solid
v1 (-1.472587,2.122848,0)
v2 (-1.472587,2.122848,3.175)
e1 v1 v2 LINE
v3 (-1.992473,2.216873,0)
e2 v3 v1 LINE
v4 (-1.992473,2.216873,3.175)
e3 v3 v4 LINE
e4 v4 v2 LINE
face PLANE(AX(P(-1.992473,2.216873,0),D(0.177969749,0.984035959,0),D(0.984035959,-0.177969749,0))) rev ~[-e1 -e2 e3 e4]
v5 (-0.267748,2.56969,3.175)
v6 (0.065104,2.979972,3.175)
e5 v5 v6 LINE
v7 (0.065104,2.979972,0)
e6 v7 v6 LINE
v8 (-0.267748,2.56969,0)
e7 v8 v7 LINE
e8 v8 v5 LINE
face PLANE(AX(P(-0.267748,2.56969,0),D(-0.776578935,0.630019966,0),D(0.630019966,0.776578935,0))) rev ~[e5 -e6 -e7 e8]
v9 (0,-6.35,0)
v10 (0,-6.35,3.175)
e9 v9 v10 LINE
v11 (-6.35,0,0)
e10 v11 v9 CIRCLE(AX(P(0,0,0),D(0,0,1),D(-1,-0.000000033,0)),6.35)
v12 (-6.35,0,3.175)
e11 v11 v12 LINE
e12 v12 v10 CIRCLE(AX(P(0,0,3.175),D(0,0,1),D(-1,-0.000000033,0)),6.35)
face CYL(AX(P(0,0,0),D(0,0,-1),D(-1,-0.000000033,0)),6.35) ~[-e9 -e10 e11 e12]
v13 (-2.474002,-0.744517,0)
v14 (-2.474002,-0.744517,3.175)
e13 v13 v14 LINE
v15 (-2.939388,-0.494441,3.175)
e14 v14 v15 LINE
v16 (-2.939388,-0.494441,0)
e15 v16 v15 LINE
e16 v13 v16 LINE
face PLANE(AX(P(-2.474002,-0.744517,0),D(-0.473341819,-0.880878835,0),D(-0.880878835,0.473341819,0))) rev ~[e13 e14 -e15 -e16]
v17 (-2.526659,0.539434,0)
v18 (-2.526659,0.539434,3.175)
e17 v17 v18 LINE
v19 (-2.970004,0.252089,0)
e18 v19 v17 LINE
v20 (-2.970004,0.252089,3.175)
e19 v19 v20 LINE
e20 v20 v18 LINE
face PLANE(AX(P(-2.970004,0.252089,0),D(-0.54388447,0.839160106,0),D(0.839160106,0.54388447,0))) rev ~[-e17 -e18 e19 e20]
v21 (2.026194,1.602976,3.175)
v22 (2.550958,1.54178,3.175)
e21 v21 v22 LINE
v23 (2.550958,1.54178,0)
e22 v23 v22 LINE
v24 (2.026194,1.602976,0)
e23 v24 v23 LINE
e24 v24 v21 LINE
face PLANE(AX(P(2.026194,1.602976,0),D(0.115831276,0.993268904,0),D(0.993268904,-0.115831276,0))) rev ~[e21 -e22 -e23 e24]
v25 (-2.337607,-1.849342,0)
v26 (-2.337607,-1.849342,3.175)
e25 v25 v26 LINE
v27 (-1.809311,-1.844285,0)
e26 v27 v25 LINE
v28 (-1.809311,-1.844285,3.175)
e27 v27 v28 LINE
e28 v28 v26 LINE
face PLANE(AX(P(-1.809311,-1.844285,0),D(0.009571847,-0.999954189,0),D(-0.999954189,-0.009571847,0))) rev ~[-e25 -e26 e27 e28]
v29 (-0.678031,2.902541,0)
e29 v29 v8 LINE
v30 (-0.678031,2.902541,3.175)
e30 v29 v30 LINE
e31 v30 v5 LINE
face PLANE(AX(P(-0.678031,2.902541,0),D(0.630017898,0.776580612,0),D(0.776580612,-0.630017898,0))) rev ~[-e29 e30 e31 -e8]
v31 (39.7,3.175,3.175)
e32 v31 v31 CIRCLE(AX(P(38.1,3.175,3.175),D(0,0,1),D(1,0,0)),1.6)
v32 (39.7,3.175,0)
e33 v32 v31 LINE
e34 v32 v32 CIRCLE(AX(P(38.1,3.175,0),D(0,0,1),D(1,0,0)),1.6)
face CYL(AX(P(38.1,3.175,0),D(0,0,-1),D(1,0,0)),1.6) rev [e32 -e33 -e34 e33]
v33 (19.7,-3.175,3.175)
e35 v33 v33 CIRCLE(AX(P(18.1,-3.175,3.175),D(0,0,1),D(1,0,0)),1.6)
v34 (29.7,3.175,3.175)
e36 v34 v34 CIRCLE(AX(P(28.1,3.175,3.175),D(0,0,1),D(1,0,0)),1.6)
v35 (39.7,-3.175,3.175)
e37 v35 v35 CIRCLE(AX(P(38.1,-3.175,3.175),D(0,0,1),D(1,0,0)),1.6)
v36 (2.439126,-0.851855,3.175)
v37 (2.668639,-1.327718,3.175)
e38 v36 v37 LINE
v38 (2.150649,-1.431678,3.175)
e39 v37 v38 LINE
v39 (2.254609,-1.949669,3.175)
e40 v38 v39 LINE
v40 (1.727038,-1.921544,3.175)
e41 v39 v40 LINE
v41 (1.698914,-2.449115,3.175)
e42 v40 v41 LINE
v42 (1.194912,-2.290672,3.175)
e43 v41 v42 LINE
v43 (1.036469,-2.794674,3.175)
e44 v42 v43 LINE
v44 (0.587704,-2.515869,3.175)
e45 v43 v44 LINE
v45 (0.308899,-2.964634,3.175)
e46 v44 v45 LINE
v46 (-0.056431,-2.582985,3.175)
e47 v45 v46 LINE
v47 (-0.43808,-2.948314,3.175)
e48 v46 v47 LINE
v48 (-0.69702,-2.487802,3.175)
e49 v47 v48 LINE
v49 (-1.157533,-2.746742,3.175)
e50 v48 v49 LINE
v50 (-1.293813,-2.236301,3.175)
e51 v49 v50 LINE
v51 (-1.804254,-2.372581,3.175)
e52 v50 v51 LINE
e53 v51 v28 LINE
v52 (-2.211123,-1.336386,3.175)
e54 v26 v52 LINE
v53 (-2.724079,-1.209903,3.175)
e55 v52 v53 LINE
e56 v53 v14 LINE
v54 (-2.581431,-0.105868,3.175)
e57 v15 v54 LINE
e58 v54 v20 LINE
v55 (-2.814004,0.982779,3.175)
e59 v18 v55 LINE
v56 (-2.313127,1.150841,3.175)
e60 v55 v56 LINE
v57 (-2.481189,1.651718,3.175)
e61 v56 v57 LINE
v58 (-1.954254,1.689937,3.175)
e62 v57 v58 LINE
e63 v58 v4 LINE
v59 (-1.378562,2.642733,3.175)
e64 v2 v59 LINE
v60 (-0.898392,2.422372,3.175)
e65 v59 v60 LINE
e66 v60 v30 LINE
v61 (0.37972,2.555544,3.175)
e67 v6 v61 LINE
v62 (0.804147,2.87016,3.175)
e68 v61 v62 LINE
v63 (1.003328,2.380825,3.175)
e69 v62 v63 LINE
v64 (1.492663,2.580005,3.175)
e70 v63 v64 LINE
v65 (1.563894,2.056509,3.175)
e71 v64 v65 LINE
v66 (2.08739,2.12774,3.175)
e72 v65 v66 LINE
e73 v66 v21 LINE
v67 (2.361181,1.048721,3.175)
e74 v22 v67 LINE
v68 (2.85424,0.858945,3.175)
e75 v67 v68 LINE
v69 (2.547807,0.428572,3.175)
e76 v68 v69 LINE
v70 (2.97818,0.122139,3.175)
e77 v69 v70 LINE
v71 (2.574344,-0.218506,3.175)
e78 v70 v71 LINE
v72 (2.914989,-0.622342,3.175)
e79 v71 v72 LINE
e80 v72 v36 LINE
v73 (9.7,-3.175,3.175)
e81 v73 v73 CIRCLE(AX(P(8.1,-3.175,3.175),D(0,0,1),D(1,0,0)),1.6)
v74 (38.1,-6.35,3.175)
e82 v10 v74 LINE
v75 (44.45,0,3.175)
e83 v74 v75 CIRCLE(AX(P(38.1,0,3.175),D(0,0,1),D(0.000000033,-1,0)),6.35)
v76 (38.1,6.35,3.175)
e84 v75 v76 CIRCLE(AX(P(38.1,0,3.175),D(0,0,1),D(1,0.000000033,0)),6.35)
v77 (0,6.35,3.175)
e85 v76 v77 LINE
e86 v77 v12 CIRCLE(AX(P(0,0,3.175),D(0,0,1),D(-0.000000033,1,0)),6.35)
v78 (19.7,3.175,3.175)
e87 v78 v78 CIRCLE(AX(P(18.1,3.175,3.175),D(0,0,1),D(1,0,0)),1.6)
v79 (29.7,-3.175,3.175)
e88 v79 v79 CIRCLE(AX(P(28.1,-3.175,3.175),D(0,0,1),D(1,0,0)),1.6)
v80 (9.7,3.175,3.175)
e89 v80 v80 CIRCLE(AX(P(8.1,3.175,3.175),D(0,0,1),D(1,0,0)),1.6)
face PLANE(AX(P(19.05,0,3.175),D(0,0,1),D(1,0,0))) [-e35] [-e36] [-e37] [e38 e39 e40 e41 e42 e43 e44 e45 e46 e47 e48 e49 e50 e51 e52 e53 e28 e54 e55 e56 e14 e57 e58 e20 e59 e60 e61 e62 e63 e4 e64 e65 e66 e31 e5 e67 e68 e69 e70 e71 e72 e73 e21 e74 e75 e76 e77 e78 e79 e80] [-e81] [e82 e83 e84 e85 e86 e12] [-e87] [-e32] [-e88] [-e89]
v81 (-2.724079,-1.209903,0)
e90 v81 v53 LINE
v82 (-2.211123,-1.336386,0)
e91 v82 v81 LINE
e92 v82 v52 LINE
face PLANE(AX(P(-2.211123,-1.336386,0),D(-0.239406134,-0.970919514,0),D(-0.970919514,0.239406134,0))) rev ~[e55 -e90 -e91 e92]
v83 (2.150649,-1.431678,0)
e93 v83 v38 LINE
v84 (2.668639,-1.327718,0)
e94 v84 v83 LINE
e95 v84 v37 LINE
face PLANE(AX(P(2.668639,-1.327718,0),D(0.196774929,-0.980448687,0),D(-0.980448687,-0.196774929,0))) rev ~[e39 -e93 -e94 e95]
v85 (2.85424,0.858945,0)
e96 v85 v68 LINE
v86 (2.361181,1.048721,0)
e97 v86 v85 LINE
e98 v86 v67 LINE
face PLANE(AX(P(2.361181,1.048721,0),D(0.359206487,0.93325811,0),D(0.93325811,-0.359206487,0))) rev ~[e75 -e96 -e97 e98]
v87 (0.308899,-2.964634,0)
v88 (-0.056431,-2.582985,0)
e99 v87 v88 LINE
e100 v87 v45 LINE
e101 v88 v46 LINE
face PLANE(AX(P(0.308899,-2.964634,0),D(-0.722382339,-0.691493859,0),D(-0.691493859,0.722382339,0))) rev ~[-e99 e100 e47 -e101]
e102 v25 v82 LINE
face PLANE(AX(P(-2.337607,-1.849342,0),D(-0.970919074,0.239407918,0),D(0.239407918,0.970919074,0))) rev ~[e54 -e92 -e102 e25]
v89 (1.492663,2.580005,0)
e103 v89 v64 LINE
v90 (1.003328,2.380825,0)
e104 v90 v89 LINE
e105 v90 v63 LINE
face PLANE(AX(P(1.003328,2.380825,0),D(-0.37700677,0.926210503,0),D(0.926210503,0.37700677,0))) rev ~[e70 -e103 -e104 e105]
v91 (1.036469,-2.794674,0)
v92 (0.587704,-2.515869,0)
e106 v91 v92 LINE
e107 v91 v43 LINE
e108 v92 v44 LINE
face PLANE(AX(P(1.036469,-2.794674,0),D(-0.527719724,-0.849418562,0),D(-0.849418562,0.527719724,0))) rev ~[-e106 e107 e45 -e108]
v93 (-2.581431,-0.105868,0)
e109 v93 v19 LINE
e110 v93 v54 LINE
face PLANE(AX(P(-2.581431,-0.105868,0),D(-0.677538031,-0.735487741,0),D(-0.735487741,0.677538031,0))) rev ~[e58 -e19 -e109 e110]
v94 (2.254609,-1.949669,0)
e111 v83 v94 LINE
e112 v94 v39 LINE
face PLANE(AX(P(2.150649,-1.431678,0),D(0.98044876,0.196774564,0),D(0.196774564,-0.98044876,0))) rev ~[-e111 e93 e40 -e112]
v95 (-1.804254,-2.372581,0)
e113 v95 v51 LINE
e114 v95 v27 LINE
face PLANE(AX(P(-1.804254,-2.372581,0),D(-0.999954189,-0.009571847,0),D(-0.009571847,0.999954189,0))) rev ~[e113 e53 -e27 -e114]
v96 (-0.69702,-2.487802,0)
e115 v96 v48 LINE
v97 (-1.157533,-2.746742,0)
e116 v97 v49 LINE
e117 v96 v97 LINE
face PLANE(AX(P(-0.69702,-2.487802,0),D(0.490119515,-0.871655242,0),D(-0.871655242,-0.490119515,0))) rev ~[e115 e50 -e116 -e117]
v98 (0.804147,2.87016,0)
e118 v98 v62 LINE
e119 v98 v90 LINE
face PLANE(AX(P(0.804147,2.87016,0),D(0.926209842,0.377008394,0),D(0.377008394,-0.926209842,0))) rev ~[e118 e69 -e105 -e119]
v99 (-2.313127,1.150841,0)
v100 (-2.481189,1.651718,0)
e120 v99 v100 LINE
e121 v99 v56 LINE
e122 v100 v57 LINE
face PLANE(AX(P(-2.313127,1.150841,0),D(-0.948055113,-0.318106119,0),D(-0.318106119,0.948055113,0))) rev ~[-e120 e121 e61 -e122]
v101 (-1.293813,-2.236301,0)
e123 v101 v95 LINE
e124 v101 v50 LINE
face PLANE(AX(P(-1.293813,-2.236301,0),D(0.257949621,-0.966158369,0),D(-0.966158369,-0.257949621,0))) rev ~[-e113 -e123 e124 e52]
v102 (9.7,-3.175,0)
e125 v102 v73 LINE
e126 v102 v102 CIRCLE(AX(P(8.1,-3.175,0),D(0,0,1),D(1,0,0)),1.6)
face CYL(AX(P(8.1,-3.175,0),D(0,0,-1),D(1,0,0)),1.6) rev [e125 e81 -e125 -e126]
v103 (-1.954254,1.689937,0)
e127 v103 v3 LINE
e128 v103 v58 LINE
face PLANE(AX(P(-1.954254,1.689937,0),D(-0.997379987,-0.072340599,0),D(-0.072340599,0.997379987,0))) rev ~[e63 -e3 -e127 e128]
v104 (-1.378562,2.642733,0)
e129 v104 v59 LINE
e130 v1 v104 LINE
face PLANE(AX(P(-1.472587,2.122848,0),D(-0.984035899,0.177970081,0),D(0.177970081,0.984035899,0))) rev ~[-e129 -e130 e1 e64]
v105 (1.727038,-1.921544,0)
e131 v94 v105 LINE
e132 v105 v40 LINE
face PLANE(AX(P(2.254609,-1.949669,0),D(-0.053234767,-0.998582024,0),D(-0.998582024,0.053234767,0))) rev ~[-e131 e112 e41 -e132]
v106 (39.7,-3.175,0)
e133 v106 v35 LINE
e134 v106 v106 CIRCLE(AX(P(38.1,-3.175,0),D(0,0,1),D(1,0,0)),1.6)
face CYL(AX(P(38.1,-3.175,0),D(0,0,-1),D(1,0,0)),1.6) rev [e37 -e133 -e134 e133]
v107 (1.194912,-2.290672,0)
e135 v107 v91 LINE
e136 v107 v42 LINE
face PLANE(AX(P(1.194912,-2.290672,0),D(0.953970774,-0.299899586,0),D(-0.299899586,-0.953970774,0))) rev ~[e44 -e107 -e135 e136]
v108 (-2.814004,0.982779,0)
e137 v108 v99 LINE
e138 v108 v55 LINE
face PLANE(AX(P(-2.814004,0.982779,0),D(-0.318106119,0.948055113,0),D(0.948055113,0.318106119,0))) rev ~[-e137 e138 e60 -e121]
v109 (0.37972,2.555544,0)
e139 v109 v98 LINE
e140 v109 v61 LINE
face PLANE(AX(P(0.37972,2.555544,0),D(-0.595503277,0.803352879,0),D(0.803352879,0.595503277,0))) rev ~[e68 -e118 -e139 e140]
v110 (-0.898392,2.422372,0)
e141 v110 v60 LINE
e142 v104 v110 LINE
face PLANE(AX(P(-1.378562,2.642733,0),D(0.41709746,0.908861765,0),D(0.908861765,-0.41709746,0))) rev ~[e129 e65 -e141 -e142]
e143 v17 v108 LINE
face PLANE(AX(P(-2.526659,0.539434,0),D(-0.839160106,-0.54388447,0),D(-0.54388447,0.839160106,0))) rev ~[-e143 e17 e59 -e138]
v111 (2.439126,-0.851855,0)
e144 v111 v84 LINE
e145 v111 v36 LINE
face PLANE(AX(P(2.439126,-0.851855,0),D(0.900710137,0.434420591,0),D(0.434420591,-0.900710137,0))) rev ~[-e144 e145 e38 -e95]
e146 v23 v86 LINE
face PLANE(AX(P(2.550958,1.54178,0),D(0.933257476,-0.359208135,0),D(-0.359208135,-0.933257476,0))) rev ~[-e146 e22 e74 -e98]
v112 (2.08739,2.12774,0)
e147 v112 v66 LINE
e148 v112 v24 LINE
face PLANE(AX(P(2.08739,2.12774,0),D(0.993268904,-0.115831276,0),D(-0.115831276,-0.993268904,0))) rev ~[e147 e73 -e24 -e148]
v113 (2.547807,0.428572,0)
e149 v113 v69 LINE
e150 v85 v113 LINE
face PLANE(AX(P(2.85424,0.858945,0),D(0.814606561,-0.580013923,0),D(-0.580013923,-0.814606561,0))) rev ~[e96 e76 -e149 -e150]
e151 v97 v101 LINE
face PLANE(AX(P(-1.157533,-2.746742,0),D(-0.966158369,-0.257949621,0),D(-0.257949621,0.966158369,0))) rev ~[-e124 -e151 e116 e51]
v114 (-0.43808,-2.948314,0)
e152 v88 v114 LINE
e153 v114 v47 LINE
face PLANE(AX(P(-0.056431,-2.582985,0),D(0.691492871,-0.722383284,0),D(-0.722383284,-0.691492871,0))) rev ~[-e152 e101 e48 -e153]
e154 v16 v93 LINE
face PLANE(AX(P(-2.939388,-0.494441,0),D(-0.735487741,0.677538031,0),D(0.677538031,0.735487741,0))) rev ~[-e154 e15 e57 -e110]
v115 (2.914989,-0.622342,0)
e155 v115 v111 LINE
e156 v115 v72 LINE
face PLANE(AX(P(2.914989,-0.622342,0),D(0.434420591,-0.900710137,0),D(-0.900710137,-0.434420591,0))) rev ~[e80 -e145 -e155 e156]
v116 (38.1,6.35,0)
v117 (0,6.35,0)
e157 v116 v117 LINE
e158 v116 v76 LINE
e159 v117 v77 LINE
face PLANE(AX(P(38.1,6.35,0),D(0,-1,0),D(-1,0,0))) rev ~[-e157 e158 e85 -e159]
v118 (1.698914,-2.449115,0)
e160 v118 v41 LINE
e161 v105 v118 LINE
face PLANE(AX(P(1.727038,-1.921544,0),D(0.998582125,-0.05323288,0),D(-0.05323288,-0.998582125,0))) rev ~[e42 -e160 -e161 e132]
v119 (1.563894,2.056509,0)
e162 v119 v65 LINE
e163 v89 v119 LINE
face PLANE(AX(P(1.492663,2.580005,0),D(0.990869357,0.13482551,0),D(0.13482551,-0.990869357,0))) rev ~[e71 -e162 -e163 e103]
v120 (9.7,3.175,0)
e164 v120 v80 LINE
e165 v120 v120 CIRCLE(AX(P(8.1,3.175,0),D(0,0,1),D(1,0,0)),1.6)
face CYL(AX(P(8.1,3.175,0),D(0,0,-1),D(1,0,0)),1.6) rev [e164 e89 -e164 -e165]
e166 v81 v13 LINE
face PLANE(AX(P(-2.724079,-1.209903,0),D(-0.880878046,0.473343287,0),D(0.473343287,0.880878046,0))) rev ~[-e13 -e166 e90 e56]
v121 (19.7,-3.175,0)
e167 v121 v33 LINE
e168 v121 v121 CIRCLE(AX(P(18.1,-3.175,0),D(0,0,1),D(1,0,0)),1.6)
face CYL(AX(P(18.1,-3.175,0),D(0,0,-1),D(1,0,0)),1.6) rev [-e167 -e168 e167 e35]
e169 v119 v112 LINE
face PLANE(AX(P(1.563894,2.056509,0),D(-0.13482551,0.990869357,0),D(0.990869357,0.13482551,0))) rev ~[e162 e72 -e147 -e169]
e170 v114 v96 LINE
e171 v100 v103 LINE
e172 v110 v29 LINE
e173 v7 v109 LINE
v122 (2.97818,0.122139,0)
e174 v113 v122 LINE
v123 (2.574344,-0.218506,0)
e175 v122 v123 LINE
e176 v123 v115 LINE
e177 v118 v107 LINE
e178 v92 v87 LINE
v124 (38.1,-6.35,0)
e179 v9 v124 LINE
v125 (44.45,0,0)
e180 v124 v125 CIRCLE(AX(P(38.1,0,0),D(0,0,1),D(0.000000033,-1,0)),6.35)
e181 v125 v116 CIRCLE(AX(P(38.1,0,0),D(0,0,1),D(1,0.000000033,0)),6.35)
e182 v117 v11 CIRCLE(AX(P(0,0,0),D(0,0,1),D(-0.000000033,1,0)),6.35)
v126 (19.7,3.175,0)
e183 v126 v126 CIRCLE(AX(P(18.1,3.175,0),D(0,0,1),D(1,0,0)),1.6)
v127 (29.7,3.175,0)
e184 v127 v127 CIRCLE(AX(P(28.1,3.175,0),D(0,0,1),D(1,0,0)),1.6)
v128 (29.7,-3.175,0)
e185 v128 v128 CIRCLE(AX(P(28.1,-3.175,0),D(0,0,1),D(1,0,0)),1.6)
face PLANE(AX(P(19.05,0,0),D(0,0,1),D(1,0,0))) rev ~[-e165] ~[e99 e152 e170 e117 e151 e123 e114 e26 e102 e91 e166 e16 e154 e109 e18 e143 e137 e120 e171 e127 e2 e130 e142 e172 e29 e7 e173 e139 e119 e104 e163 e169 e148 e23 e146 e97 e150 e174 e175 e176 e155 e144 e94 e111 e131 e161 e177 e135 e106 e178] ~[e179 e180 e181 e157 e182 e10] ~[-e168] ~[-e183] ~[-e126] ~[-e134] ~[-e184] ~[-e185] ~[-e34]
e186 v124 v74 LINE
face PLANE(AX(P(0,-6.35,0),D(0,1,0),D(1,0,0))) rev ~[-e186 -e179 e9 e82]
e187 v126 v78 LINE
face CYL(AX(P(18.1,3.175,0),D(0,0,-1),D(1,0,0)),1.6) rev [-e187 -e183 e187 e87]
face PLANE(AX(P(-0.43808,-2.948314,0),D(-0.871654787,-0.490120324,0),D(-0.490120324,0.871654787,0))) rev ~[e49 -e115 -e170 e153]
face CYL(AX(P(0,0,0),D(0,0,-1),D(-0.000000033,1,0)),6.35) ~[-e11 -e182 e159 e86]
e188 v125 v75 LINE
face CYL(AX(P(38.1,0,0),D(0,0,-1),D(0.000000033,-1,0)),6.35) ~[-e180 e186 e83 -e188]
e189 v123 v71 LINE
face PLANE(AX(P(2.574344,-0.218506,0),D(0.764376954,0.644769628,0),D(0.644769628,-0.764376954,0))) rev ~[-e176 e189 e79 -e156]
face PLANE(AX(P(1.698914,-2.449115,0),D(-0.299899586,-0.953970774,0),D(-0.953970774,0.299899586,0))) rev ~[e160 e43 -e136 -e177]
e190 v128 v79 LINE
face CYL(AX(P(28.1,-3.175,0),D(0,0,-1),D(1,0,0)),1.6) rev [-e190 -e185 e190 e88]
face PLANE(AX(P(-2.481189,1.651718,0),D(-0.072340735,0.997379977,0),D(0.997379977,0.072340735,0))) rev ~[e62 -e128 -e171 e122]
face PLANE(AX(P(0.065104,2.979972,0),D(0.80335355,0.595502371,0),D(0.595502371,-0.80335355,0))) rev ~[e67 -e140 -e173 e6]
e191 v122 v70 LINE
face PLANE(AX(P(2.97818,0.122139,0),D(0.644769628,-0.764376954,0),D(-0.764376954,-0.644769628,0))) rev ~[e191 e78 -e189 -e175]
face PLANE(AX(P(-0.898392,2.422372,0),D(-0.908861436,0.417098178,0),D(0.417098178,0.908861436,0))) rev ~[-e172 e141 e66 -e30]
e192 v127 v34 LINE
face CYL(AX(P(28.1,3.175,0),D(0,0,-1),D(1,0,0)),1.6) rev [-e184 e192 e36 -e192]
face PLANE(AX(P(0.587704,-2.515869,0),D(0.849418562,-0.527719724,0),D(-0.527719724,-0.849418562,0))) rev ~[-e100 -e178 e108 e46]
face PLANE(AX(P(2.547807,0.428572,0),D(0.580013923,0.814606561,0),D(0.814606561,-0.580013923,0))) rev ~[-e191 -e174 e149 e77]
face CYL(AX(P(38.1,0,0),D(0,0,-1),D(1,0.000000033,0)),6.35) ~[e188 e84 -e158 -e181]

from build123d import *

# Parameters (mm, degrees)
F0_R     = 1.6
F1_DEPTH = 3.175


with BuildPart() as f1:
    # F0 (on Top) → F1 (new body)
    with BuildSketch(Plane.XY):
        with BuildLine():
            Line((38.1, 6.35), (0, 6.35))
            ThreePointArc((0, 6.35), (-4.490128, 4.490128), (-6.35, 0))
            ThreePointArc((-6.35, 0), (-4.490128, -4.490128), (0, -6.35))
            Line((0, -6.35), (38.1, -6.35))
            ThreePointArc((38.1, -6.35), (42.590128, -4.490128), (44.45, 0))
            ThreePointArc((44.45, 0), (42.590128, 4.490128), (38.1, 6.35))
        make_face()
        with Locations((8.1, -3.175)):
            Circle(F0_R, mode=Mode.SUBTRACT)
        with Locations((18.1, -3.175)):
            Circle(F0_R, mode=Mode.SUBTRACT)
        with Locations((28.1, -3.175)):
            Circle(F0_R, mode=Mode.SUBTRACT)
        with Locations((38.1, -3.175)):
            Circle(F0_R, mode=Mode.SUBTRACT)
        Polygon((-2.313127, 1.150841), (-2.481189, 1.651718), (-1.954254, 1.689937), (-1.992473, 2.216873), (-1.472587, 2.122848), (-1.378562, 2.642733), (-0.898392, 2.422372), (-0.678031, 2.902541), (-0.267748, 2.56969), (0.065104, 2.979972), (0.37972, 2.555544), (0.804147, 2.87016), (1.003328, 2.380825), (1.492663, 2.580005), (1.563894, 2.056509), (2.08739, 2.12774), (2.026194, 1.602976), (2.550958, 1.54178), (2.361181, 1.048721), (2.85424, 0.858945), (2.547807, 0.428572), (2.97818, 0.122139), (2.574344, -0.218506), (2.914989, -0.622342), (2.439126, -0.851855), (2.668639, -1.327718), (2.150649, -1.431678), (2.254609, -1.949669), (1.727038, -1.921544), (1.698914, -2.449115), (1.194912, -2.290672), (1.036469, -2.794674), (0.587704, -2.515869), (0.308899, -2.964634), (-0.056431, -2.582985), (-0.43808, -2.948314), (-0.69702, -2.487802), (-1.157533, -2.746742), (-1.293813, -2.236301), (-1.804254, -2.372581), (-1.809311, -1.844285), (-2.337607, -1.849342), (-2.211123, -1.336386), (-2.724079, -1.209903), (-2.474002, -0.744517), (-2.939388, -0.494441), (-2.581431, -0.105868), (-2.970004, 0.252089), (-2.526659, 0.539434), (-2.814004, 0.982779), align=None, mode=Mode.SUBTRACT)
        with Locations((8.1, 3.175)):
            Circle(F0_R, mode=Mode.SUBTRACT)
        with Locations((18.1, 3.175)):
            Circle(F0_R, mode=Mode.SUBTRACT)
        with Locations((28.1, 3.175)):
            Circle(F0_R, mode=Mode.SUBTRACT)
        with Locations((38.1, 3.175)):
            Circle(F0_R, mode=Mode.SUBTRACT)
    extrude(amount=F1_DEPTH)


solid = f1.part
